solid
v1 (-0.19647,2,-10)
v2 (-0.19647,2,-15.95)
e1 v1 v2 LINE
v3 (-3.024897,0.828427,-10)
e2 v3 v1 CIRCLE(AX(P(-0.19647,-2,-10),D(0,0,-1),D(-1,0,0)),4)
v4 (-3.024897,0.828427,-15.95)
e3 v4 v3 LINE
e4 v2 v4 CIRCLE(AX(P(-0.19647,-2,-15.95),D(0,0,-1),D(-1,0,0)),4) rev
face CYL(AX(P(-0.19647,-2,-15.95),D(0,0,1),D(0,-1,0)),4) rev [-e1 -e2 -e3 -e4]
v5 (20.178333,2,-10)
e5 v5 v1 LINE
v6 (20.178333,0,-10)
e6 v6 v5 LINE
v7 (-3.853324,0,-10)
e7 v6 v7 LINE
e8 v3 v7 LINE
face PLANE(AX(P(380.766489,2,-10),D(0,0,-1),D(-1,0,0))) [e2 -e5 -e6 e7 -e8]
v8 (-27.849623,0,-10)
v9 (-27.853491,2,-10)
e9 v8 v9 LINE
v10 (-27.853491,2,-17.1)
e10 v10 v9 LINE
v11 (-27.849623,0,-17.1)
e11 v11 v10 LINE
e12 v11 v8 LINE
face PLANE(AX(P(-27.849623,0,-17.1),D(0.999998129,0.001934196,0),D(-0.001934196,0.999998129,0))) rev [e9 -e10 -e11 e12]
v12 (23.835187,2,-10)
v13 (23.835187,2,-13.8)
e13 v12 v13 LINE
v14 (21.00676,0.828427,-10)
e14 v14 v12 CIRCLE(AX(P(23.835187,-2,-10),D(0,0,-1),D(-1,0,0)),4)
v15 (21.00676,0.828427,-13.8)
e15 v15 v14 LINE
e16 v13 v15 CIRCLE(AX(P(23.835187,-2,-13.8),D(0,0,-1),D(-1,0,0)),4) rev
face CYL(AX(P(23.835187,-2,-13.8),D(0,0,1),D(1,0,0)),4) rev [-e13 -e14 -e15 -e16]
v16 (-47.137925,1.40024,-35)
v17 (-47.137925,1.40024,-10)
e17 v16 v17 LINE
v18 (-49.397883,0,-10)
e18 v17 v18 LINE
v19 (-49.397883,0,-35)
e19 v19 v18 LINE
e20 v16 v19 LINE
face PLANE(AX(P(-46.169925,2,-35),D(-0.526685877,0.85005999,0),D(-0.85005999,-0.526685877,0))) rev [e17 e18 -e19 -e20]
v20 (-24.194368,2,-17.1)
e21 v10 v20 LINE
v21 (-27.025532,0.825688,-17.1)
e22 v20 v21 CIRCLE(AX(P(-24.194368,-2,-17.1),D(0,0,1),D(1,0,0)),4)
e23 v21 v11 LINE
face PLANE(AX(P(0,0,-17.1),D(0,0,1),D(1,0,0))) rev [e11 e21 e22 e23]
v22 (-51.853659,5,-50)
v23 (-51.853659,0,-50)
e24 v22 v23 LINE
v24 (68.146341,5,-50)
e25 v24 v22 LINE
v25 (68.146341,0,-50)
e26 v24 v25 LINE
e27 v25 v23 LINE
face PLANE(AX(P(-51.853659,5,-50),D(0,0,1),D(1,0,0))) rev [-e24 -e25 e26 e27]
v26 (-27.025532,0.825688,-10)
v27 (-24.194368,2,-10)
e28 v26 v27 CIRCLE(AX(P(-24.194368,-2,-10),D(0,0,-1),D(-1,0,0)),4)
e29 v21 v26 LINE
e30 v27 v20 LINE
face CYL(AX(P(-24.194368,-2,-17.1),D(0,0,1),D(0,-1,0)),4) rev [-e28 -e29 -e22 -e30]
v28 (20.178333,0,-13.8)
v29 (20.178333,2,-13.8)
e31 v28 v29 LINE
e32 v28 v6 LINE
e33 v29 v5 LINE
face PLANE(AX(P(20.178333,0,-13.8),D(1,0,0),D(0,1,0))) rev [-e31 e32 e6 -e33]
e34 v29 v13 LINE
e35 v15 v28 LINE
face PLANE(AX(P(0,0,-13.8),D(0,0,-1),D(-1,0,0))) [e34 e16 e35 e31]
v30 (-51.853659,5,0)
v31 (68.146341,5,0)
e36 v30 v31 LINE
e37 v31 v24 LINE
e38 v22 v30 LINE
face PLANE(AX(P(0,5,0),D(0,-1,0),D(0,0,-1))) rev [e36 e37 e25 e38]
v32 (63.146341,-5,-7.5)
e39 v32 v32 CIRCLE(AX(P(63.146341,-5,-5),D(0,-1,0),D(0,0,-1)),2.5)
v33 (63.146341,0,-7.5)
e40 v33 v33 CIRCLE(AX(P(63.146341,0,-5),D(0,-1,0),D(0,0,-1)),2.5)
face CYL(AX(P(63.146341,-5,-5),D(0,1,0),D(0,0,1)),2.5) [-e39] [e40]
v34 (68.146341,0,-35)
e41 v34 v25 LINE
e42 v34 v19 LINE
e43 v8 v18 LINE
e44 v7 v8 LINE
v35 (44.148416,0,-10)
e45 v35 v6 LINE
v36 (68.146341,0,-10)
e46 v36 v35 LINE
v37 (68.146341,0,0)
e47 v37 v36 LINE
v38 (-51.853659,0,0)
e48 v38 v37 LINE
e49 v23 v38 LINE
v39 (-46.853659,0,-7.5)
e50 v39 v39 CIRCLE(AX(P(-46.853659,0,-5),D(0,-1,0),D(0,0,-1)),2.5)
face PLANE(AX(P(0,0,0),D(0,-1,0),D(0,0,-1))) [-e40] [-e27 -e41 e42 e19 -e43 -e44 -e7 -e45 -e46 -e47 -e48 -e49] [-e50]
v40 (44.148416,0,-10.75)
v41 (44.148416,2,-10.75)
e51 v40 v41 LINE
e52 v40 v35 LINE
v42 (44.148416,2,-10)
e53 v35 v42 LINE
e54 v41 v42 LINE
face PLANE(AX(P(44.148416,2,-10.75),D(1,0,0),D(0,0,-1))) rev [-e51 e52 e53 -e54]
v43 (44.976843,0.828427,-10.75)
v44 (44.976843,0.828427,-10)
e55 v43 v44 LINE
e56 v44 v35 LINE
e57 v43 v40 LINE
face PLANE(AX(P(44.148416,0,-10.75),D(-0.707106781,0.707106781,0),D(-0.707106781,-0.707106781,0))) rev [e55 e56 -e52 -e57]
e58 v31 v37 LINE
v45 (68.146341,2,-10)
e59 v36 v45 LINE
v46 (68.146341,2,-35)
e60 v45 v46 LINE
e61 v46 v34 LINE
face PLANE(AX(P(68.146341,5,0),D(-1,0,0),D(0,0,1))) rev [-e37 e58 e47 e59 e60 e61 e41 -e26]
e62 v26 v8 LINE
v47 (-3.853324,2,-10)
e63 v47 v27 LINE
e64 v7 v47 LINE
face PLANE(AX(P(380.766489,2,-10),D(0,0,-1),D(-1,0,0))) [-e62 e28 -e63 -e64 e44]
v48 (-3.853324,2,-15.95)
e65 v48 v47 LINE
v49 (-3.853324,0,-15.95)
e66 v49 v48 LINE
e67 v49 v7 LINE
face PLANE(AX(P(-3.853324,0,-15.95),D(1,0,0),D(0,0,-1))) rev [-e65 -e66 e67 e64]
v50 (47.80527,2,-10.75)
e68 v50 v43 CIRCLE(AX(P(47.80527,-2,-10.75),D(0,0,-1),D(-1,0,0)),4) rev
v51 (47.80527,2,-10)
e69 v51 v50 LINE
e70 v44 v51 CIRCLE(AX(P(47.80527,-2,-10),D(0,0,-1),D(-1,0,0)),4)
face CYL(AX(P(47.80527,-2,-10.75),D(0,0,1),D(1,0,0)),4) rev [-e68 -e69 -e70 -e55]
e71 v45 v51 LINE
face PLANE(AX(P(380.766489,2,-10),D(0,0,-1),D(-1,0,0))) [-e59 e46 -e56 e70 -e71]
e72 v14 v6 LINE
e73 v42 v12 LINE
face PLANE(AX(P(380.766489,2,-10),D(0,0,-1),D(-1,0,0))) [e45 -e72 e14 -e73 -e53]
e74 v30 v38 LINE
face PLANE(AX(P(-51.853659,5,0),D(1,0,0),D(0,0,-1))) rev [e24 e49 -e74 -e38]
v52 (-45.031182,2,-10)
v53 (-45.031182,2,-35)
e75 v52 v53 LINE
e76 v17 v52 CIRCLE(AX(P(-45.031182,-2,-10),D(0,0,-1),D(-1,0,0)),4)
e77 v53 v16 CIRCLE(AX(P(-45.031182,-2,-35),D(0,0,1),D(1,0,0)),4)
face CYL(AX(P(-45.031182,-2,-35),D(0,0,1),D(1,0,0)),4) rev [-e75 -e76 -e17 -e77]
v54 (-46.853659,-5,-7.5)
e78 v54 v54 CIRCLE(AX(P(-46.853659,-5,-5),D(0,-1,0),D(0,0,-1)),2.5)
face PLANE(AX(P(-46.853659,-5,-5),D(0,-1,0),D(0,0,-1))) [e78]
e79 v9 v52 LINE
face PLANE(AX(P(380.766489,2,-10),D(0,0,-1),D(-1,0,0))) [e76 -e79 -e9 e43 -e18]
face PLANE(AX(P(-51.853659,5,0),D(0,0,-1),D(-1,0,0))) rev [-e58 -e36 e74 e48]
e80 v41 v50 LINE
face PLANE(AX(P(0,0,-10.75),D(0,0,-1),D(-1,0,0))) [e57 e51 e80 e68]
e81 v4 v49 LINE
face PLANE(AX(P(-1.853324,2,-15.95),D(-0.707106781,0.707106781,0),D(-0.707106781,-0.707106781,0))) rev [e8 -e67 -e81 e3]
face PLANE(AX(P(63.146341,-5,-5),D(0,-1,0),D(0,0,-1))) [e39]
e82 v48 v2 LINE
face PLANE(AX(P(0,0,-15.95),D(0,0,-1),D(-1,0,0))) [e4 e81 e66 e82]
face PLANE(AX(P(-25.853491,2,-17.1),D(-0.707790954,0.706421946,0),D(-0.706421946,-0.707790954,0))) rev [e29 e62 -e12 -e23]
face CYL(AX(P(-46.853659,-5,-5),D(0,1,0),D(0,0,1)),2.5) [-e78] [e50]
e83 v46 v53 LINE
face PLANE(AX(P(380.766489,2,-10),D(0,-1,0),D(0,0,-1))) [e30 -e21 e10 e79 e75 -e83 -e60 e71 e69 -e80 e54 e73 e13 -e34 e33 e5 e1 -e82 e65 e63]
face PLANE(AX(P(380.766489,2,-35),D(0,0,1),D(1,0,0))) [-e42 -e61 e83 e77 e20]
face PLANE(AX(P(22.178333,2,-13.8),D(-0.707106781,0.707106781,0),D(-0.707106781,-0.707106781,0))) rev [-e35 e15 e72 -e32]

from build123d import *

# Parameters (mm, degrees)
SKETCH1_W               = 120
SKETCH1_H               = 50
BOSS_EXTRUDE1_DEPTH     = 5
CUT_EXTRUDE1_DEPTH      = 131.096118313
CUT_EXTRUDE1_DEPTH_BACK = 120
SKETCH2_W               = 25
SKETCH2_H               = 2
BOSS_EXTRUDE2_DEPTH     = 0.75
BOSS_EXTRUDE3_DEPTH     = 3.8
BOSS_EXTRUDE4_DEPTH     = 5.95
BOSS_EXTRUDE6_DEPTH     = 7.1
SKETCH10_R              = 2.5
BOSS_EXTRUDE7_DEPTH     = 5
BOSS_EXTRUDE8_DEPTH     = 25
SKETCH12_W              = 2.455775423
SKETCH12_H              = 2
BOSS_EXTRUDE9_DEPTH     = 25
FILLET1_R               = 4


with BuildPart() as part:
    # Sketch1 → Boss-Extrude1 (new body)
    with BuildSketch(Plane(origin=(0, 0, 0), x_dir=(1, 0, 0), z_dir=(0, 1, 0))):
        with Locations((8.146341463, 25)):
            Rectangle(SKETCH1_W, SKETCH1_H)
    extrude(amount=BOSS_EXTRUDE1_DEPTH)

    # Sketch2 → Cut-Extrude1 (cut, two sides: drawn at the far end of the back side and taken through both)
    with BuildSketch(Plane(origin=(68.146341463, 0, 0), x_dir=(0, 0, -1), z_dir=(1, 0, 0)).offset(-CUT_EXTRUDE1_DEPTH_BACK)):
        with Locations((22.5, 1)):
            Rectangle(SKETCH2_W, SKETCH2_H)
    extrude(amount=CUT_EXTRUDE1_DEPTH + CUT_EXTRUDE1_DEPTH_BACK, mode=Mode.SUBTRACT)

    # Sketch5 → Boss-Extrude2 (add)
    with BuildSketch(Plane(origin=(0, 0, -10), x_dir=(-1, 0, 0), z_dir=(0, 0, -1))):
        Polygon((-44.148415926, 0), (-46.148415926, 2), (-44.148415926, 2), align=None)
    extrude(amount=BOSS_EXTRUDE2_DEPTH)

    # Sketch6 → Boss-Extrude3 (add)
    with BuildSketch(Plane(origin=(0, 0, -10), x_dir=(-1, 0, 0), z_dir=(0, 0, -1))):
        Polygon((-20.178332659, 0), (-20.178332659, 2), (-22.178332659, 2), align=None)
    extrude(amount=BOSS_EXTRUDE3_DEPTH)

    # Sketch7 → Boss-Extrude4 (add)
    with BuildSketch(Plane(origin=(0, 0, -10), x_dir=(-1, 0, 0), z_dir=(0, 0, -1))):
        Polygon((3.853324248, 0), (3.853324248, 2), (1.853324248, 2), align=None)
    extrude(amount=BOSS_EXTRUDE4_DEPTH)

    # Sketch9 → Boss-Extrude6 (add)
    with BuildSketch(Plane(origin=(0, 0, -10), x_dir=(-1, 0, 0), z_dir=(0, 0, -1))):
        Polygon((27.849622994, 0), (27.853491393, 2), (25.853491393, 2), align=None)
    extrude(amount=BOSS_EXTRUDE6_DEPTH)

    # Sketch10 → Boss-Extrude7 (add)
    with BuildSketch(Plane.XZ):
        with Locations(Location((-46.853658537, -5, 0), (0, 0, 270))):
            Circle(SKETCH10_R)
        with Locations(Location((63.146341463, -5, 0), (0, 0, 270))):
            Circle(SKETCH10_R)
    extrude(amount=BOSS_EXTRUDE7_DEPTH)

    # Sketch11 → Boss-Extrude8 (add)
    with BuildSketch(Plane(origin=(0, 0, -10), x_dir=(-1, 0, 0), z_dir=(0, 0, -1))):
        Polygon((49.397883114, 0), (49.397883114, 2), (46.169924942, 2), align=None)
    extrude(amount=BOSS_EXTRUDE8_DEPTH)

    # Sketch12 → Boss-Extrude9 (add)
    with BuildSketch(Plane(origin=(0, 0, -10), x_dir=(-1, 0, 0), z_dir=(0, 0, -1))):
        with Locations((50.625770825, 1)):
            Rectangle(SKETCH12_W, SKETCH12_H)
    extrude(amount=BOSS_EXTRUDE9_DEPTH)

    # Fillet1
    fillet1_edges = [part.edges().sort_by_distance(p)[0] for p in [
        (-46.169924942, 2, -22.5),
        (46.148415926, 2, -10.375),
        (22.178332659, 2, -11.9),
        (-1.853324248, 2, -12.975),
        (-25.853491393, 2, -13.55),
    ]]
    fillet(fillet1_edges, radius=FILLET1_R)


solid = part.part
